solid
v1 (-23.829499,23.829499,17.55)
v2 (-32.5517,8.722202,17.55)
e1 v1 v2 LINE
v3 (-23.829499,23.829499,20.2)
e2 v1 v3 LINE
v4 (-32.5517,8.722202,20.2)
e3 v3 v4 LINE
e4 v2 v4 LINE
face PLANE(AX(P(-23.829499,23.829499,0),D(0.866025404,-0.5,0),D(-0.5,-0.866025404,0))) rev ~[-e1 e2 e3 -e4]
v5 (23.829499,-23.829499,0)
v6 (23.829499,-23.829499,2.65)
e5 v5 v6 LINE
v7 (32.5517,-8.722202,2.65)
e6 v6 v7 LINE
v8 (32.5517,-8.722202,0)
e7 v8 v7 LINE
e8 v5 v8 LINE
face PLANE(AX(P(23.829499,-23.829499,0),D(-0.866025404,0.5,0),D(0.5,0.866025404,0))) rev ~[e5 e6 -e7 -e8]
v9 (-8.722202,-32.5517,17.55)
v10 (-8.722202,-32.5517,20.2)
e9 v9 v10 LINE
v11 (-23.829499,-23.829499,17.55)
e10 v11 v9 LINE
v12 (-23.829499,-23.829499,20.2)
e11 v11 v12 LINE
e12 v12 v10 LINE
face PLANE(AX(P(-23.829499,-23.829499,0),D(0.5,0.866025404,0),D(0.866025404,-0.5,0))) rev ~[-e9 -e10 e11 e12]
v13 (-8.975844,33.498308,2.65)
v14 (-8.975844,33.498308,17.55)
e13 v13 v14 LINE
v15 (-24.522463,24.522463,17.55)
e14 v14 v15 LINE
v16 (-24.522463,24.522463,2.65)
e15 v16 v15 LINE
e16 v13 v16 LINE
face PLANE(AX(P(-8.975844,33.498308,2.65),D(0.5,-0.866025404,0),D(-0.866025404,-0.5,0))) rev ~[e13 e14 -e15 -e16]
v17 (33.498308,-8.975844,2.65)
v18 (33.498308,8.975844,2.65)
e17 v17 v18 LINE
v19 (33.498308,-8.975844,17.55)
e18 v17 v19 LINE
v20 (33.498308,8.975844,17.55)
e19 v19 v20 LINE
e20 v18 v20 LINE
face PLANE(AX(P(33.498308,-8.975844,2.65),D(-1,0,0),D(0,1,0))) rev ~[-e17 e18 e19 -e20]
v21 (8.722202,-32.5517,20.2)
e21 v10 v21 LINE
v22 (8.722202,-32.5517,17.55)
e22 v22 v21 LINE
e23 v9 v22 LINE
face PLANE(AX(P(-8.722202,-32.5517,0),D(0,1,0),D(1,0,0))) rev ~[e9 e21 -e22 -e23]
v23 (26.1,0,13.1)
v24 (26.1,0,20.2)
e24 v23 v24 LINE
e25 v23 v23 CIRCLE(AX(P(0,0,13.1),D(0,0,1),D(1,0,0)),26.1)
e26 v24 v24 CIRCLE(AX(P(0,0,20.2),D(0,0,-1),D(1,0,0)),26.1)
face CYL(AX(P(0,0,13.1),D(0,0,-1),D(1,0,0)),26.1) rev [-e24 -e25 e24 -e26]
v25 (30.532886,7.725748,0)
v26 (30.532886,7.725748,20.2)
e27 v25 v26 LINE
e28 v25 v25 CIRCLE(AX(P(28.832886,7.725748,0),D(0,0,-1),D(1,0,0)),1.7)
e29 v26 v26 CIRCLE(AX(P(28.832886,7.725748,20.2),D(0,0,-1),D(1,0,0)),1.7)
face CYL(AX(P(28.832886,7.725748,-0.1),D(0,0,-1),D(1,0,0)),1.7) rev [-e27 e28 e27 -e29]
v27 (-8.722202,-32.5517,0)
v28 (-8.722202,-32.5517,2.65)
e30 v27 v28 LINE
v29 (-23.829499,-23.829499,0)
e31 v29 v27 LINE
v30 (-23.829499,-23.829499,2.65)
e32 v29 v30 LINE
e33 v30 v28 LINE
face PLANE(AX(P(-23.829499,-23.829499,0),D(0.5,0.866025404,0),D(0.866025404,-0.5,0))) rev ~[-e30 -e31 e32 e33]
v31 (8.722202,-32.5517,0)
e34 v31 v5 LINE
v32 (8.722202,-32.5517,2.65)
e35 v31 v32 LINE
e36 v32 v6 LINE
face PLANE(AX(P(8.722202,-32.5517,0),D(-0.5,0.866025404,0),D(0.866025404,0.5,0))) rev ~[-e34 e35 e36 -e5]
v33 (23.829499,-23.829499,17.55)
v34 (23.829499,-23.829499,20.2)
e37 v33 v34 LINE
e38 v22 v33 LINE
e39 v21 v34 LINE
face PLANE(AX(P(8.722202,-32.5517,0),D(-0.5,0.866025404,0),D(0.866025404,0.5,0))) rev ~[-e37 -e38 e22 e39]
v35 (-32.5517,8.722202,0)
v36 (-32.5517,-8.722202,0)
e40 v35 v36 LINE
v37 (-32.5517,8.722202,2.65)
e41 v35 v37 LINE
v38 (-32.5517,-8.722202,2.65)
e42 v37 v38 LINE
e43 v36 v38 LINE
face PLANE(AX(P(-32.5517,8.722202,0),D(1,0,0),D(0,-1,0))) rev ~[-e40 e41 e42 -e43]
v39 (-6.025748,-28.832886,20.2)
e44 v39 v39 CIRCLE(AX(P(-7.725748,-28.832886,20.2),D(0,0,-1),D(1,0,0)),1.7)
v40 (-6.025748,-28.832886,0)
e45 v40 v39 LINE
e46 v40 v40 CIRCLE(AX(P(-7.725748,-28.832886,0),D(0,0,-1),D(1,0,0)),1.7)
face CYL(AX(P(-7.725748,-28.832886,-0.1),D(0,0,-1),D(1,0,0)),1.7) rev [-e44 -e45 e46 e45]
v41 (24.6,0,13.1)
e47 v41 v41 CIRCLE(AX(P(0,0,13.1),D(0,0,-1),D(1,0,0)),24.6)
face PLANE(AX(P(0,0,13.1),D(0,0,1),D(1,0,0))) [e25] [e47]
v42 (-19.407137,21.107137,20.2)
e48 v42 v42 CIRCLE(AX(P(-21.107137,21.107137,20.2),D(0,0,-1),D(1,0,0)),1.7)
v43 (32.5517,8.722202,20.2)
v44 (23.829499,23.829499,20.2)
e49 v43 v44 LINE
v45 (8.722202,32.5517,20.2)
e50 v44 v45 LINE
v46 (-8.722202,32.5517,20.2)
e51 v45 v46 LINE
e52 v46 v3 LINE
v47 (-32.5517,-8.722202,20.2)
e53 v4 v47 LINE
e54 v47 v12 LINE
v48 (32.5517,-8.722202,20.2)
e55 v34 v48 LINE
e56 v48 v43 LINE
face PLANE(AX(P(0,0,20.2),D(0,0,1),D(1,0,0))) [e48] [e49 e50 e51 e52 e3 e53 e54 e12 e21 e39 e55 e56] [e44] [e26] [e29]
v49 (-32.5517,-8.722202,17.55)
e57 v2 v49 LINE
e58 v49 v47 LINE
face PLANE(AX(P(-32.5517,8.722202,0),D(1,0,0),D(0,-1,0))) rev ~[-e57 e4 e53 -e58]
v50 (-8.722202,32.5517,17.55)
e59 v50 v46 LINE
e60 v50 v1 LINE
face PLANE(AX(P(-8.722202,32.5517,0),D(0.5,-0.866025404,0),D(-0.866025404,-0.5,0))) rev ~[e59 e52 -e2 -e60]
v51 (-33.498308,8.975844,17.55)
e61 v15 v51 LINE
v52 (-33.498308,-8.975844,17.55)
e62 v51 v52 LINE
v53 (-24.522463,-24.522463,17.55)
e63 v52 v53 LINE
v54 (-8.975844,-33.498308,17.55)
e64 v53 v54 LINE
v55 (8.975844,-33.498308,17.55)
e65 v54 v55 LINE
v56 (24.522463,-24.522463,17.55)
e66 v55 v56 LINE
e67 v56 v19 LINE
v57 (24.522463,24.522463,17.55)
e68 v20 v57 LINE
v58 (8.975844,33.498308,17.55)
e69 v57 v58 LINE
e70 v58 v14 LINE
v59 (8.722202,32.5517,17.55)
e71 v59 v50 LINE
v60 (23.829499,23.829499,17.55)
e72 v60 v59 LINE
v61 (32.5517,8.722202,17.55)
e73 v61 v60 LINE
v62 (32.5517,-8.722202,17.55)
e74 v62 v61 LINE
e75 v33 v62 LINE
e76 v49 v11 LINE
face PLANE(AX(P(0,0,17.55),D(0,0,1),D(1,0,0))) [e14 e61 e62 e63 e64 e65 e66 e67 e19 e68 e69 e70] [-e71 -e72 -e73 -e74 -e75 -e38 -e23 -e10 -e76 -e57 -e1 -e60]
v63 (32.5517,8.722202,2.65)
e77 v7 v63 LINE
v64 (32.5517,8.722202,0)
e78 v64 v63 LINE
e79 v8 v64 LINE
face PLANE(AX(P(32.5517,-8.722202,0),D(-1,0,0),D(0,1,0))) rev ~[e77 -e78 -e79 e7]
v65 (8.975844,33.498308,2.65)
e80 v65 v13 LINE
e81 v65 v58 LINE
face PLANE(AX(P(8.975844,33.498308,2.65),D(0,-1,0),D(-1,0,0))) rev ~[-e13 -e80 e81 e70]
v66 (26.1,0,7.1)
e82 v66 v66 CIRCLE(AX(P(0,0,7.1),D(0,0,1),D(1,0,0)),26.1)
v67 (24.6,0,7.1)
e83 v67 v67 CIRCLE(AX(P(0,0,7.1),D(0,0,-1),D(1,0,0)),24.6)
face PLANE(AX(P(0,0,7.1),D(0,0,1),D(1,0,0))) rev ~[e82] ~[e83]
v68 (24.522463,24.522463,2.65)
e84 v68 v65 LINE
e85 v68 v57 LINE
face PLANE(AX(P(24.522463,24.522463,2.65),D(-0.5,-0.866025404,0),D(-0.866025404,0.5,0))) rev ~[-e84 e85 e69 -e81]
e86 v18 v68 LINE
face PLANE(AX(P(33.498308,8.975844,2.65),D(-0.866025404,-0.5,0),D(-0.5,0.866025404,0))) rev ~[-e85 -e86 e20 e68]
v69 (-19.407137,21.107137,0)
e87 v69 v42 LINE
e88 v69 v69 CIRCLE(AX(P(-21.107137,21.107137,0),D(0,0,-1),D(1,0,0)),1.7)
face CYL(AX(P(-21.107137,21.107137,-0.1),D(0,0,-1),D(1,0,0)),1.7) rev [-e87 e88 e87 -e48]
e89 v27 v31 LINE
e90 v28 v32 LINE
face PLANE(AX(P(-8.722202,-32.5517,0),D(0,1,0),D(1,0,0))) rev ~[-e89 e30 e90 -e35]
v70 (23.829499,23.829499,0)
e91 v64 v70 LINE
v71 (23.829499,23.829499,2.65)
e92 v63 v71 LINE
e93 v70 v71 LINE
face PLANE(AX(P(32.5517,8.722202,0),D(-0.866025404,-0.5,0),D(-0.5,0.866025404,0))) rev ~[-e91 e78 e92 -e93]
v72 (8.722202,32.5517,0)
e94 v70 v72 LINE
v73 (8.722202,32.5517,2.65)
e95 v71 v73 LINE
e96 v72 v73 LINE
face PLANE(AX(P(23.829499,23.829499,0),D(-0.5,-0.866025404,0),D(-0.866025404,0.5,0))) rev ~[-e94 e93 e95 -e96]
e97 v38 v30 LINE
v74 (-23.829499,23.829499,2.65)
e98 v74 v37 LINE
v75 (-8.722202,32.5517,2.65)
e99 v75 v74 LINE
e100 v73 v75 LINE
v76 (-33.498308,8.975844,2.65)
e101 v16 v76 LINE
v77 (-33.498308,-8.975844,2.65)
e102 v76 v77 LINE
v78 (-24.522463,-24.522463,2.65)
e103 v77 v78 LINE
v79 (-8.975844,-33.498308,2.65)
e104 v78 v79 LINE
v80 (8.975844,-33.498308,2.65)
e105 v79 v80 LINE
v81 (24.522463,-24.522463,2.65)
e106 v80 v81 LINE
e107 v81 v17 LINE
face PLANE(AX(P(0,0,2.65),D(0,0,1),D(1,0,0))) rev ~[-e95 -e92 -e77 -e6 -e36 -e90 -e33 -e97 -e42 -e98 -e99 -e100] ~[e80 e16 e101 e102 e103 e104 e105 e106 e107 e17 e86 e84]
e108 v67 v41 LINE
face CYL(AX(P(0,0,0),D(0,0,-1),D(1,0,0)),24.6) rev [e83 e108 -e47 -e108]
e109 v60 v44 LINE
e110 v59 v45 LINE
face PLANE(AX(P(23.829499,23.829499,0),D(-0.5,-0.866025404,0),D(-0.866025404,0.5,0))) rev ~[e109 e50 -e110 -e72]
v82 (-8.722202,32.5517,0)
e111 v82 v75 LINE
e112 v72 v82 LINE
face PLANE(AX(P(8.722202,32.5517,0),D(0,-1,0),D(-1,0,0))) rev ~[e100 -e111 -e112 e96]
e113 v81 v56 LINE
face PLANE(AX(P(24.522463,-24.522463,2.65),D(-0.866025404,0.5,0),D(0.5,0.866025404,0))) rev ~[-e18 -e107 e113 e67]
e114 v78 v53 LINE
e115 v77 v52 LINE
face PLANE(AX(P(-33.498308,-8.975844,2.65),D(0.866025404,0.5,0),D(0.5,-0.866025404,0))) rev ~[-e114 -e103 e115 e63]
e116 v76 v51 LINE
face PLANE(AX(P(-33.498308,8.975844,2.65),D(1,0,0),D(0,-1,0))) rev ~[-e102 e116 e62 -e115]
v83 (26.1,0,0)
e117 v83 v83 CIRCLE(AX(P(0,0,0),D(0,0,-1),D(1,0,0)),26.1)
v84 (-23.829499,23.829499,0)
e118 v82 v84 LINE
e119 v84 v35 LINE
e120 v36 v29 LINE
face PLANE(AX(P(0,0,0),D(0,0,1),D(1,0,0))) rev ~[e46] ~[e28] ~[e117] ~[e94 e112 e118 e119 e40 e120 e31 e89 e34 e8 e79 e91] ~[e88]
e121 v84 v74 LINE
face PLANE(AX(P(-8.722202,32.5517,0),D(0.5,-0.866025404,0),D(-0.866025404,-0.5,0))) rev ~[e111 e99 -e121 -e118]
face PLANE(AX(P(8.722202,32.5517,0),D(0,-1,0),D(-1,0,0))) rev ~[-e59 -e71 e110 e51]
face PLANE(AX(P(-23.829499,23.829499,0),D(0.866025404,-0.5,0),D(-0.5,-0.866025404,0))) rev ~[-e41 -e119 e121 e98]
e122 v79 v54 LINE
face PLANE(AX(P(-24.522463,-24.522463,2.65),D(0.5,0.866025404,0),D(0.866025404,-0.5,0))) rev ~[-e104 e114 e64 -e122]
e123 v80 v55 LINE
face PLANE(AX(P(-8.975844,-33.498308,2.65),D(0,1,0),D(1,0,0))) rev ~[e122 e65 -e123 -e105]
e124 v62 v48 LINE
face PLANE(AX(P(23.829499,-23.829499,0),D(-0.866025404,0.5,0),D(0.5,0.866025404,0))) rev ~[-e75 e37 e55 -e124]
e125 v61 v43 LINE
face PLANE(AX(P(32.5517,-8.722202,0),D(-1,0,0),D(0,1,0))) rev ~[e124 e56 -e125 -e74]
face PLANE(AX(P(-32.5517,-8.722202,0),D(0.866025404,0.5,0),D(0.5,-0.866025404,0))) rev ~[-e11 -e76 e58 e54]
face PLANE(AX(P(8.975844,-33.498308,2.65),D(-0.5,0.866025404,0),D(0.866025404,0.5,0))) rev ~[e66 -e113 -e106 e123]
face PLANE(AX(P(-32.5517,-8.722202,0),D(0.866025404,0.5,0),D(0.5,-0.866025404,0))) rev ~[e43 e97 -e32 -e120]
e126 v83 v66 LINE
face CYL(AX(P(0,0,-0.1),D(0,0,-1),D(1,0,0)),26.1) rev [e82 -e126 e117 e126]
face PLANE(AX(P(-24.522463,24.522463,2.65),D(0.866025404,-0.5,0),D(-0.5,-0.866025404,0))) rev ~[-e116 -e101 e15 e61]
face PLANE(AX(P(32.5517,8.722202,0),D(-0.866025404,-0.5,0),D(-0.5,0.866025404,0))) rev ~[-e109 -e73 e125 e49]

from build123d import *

# Parameters (mm, degrees)
S01_SMALLER_TWELVE_FLAT_END_BEAD_SEATS_R      = 24.6
F_01_SMALLER_TWELVE_FLAT_END_BEAD_SEATS_DEPTH = 20.2
F_02_START                                    = 2.65
S02_RAISED_CENTRAL_TYRE_DRIVE_KEY_R           = 24.6
F_02_RAISED_CENTRAL_TYRE_DRIVE_KEY_DEPTH      = 14.9
F_03_START                                    = -0.1
S03_INBOARD_6808_OUTER_RACE_SEAT_R            = 26.1
F_03_INBOARD_6808_OUTER_RACE_SEAT_DEPTH       = 7.2
F_04_START                                    = 13.1
S04_OUTBOARD_6808_OUTER_RACE_SEAT_R           = 26.1
F_04_OUTBOARD_6808_OUTER_RACE_SEAT_DEPTH      = 7.2
F_05_START                                    = -0.1
S05_THREE_TYRE_FLANGE_THROUGH_HOLES_R         = 1.7
F_05_THREE_TYRE_FLANGE_THROUGH_HOLES_DEPTH    = 20.4


with BuildPart() as part:
    # S01 - Smaller twelve-flat end bead seats → 01 - Smaller twelve-flat end bead seats (new body)
    with BuildSketch(Plane.XY):
        Polygon((32.551700346, 8.72220182), (23.829498526, 23.829498526), (8.72220182, 32.551700346), (-8.72220182, 32.551700346), (-23.829498526, 23.829498526), (-32.551700346, 8.72220182), (-32.551700346, -8.72220182), (-23.829498526, -23.829498526), (-8.72220182, -32.551700346), (8.72220182, -32.551700346), (23.829498526, -23.829498526), (32.551700346, -8.72220182), align=None)
        Circle(S01_SMALLER_TWELVE_FLAT_END_BEAD_SEATS_R, mode=Mode.SUBTRACT)
    extrude(amount=F_01_SMALLER_TWELVE_FLAT_END_BEAD_SEATS_DEPTH)

    # S02 - Raised central tyre drive key → 02 - Raised central tyre drive key (add)
    with BuildSketch(Plane.XY.offset(F_02_START)):
        Polygon((33.498307656, 8.975844484), (24.522463172, 24.522463172), (8.975844484, 33.498307656), (-8.975844484, 33.498307656), (-24.522463172, 24.522463172), (-33.498307656, 8.975844484), (-33.498307656, -8.975844484), (-24.522463172, -24.522463172), (-8.975844484, -33.498307656), (8.975844484, -33.498307656), (24.522463172, -24.522463172), (33.498307656, -8.975844484), align=None)
        Circle(S02_RAISED_CENTRAL_TYRE_DRIVE_KEY_R, mode=Mode.SUBTRACT)
    extrude(amount=F_02_RAISED_CENTRAL_TYRE_DRIVE_KEY_DEPTH)

    # S03 - Inboard 6808 outer race seat → 03 - Inboard 6808 outer race seat (cut)
    with BuildSketch(Plane.XY.offset(F_03_START)):
        Circle(S03_INBOARD_6808_OUTER_RACE_SEAT_R)
    extrude(amount=F_03_INBOARD_6808_OUTER_RACE_SEAT_DEPTH, mode=Mode.SUBTRACT)

    # S04 - Outboard 6808 outer race seat → 04 - Outboard 6808 outer race seat (cut)
    with BuildSketch(Plane.XY.offset(F_04_START)):
        Circle(S04_OUTBOARD_6808_OUTER_RACE_SEAT_R)
    extrude(amount=F_04_OUTBOARD_6808_OUTER_RACE_SEAT_DEPTH, mode=Mode.SUBTRACT)

    # S05 - Three tyre-flange through holes → 05 - Three tyre-flange through holes (cut)
    with BuildSketch(Plane.XY.offset(F_05_START)):
        with Locations((28.832885915, 7.725748496)):
            Circle(S05_THREE_TYRE_FLANGE_THROUGH_HOLES_R)
        with Locations((-21.107137418, 21.107137418)):
            Circle(S05_THREE_TYRE_FLANGE_THROUGH_HOLES_R)
        with Locations((-7.725748496, -28.832885915)):
            Circle(S05_THREE_TYRE_FLANGE_THROUGH_HOLES_R)
    extrude(amount=F_05_THREE_TYRE_FLANGE_THROUGH_HOLES_DEPTH, mode=Mode.SUBTRACT)


solid = part.part
